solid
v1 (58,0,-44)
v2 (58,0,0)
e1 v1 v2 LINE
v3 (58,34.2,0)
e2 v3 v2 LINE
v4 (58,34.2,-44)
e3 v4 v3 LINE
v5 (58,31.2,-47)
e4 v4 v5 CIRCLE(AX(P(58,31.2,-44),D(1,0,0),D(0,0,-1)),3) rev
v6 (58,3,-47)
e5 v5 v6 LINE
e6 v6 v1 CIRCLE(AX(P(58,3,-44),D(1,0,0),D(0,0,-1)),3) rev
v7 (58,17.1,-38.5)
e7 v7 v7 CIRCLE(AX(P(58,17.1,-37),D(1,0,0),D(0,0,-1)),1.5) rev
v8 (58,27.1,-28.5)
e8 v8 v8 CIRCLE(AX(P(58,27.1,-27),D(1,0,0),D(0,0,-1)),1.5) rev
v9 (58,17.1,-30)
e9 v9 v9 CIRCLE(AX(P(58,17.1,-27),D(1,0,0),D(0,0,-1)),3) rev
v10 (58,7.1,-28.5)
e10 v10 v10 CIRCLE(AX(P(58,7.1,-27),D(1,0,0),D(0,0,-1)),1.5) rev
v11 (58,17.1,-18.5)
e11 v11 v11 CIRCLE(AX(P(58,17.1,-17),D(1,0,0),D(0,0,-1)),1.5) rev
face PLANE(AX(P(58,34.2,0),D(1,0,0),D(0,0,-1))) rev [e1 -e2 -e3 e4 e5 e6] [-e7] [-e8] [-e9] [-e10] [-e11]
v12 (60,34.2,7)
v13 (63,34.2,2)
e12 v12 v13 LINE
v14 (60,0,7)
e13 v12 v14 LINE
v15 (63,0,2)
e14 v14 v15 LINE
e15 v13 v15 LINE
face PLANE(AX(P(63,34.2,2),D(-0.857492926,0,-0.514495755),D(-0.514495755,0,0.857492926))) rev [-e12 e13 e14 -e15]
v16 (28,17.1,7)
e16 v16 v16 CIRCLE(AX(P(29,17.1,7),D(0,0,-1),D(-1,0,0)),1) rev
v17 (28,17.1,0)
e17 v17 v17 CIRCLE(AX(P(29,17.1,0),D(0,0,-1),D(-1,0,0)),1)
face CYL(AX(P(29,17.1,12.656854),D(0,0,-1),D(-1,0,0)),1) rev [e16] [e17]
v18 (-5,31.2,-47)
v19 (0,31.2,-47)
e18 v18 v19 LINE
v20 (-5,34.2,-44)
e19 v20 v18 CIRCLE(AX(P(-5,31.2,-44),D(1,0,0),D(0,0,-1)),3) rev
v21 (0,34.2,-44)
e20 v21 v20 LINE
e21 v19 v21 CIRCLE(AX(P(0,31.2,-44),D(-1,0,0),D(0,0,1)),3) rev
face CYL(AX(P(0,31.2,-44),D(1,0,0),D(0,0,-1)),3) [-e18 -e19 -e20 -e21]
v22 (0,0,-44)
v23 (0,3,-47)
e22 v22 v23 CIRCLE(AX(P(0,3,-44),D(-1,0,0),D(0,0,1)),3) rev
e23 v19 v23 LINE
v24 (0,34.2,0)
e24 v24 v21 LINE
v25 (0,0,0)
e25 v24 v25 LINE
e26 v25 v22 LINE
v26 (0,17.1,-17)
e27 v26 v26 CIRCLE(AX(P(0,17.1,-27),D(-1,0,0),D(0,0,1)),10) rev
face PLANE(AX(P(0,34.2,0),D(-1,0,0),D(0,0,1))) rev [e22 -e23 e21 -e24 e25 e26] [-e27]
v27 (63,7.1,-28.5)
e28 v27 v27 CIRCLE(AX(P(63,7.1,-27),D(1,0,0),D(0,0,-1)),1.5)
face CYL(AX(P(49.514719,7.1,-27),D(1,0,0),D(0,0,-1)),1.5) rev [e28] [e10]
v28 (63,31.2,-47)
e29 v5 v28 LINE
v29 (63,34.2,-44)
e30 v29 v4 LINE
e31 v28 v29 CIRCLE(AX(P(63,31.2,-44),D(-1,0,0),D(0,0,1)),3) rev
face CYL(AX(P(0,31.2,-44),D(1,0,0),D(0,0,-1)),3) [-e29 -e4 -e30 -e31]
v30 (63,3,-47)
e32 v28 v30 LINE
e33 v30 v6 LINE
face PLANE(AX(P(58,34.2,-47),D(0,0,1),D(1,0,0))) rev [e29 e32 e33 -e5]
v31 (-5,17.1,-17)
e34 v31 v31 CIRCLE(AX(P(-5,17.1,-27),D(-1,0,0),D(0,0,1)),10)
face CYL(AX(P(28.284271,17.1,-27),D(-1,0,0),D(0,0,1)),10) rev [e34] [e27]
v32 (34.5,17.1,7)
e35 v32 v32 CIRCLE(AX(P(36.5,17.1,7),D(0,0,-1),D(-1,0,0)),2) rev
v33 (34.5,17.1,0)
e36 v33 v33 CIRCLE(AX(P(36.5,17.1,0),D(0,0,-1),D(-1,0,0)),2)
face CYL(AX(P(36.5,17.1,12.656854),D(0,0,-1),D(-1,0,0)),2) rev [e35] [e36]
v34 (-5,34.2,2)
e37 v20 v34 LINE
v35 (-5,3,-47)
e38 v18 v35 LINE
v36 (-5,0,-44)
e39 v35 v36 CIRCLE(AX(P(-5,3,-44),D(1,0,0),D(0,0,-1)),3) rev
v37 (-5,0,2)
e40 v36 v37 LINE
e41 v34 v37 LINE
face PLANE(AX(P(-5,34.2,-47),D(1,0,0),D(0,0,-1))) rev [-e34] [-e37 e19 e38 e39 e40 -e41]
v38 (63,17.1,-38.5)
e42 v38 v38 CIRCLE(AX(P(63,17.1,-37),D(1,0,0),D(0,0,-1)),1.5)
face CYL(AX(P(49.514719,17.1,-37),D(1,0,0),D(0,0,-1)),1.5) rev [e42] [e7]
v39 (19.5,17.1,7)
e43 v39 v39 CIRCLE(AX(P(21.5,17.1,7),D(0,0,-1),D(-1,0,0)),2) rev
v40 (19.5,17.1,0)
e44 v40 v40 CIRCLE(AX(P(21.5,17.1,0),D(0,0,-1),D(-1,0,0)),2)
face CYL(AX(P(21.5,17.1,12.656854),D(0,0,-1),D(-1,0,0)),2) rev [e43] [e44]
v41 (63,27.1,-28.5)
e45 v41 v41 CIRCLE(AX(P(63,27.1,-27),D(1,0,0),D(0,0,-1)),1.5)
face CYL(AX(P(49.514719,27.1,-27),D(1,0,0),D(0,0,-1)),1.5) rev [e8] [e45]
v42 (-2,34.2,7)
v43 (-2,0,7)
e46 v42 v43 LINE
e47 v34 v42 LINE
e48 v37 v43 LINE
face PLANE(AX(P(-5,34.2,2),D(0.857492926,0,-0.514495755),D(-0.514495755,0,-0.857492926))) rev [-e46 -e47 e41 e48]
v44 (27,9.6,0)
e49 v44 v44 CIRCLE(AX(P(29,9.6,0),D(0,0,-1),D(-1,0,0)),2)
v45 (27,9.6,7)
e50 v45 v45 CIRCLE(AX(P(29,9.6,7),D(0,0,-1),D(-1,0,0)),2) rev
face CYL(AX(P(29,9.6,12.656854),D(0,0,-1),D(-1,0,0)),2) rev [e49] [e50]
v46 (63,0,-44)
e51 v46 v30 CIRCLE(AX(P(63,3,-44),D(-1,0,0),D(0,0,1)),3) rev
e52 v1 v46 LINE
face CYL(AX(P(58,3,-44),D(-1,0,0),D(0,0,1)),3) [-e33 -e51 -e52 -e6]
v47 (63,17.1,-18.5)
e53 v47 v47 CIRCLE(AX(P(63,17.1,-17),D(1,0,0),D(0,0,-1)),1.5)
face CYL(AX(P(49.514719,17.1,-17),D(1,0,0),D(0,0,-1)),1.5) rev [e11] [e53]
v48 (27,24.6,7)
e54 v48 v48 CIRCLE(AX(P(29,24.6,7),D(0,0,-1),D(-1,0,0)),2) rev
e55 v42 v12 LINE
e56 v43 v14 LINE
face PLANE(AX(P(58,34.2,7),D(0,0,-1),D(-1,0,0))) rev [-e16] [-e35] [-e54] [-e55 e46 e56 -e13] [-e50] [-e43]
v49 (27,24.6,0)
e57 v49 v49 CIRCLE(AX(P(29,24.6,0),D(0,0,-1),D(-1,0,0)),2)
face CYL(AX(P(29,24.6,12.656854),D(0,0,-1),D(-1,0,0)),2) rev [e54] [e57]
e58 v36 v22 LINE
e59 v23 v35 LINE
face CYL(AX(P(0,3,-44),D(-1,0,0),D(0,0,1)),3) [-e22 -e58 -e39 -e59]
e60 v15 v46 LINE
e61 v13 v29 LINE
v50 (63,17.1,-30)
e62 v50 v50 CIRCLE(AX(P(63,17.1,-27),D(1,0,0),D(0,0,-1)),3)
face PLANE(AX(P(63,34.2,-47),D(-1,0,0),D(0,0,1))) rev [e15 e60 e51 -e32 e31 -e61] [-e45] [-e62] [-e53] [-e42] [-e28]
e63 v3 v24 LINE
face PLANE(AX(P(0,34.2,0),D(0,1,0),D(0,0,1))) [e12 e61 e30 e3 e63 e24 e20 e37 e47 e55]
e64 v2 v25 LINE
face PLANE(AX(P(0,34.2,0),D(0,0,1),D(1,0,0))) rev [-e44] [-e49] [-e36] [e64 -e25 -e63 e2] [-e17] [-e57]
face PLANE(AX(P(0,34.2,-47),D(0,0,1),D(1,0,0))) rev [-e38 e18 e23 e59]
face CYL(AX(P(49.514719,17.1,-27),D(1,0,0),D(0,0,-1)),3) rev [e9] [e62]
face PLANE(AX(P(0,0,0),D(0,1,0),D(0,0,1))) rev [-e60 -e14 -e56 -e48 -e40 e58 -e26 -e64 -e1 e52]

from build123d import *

# Parameters (mm, degrees)
BOSS_EXTRUDE1_DEPTH = 34.2
SKETCH4_R           = 2
SKETCH4_R_2         = 1
CUT_EXTRUDE3_DEPTH  = 7
FILLET1_R           = 3
SKETCH5_R           = 10
CUT_EXTRUDE4_DEPTH  = 5
SKETCH6_R           = 3
SKETCH6_R_2         = 1.5
CUT_EXTRUDE5_DEPTH  = 5


with BuildPart() as part:
    # Sketch1 → Boss-Extrude1 (new body)
    with BuildSketch(Plane(origin=(0, 0, 0), x_dir=(1, 0, 0), z_dir=(0, 1, 0))):
        Polygon((0, 0), (58, 0), (58, 47), (63, 47), (63, -2), (60, -7), (58, -7), (0, -7), (-2, -7), (-5, -2), (-5, 47), (0, 47), align=None)
    extrude(amount=BOSS_EXTRUDE1_DEPTH)

    # Sketch4 → Cut-Extrude3 (cut)
    with BuildSketch(Plane(origin=(0, 0, 0), x_dir=(-1, 0, 0), z_dir=(0, 0, -1))):
        with Locations((-29, 24.6)):
            Circle(SKETCH4_R)
        with Locations((-36.5, 17.1)):
            Circle(SKETCH4_R)
        with Locations((-21.5, 17.1)):
            Circle(SKETCH4_R)
        with Locations((-29, 9.6)):
            Circle(SKETCH4_R)
        with Locations((-29, 17.1)):
            Circle(SKETCH4_R_2)
    extrude(amount=-CUT_EXTRUDE3_DEPTH, mode=Mode.SUBTRACT)

    # Fillet1
    fillet1_edges = [part.edges().sort_by_distance(p)[0] for p in [
        (60.5, 0, -47),
        (-2.5, 0, -47),
        (60.5, 34.2, -47),
        (-2.5, 34.2, -47),
    ]]
    fillet(fillet1_edges, radius=FILLET1_R)

    # Sketch5 → Cut-Extrude4 (cut)
    with BuildSketch(Plane.ZY.offset(5)):
        with Locations((-27, 17.1)):
            Circle(SKETCH5_R)
    extrude(amount=-CUT_EXTRUDE4_DEPTH, mode=Mode.SUBTRACT)

    # Sketch6 → Cut-Extrude5 (cut)
    with BuildSketch(Plane(origin=(63, 0, 0), x_dir=(0, 0, -1), z_dir=(1, 0, 0))):
        with Locations((27, 17.1)):
            Circle(SKETCH6_R)
        with Locations((27, 27.1)):
            Circle(SKETCH6_R_2)
        with Locations((37, 17.1)):
            Circle(SKETCH6_R_2)
        with Locations((27, 7.1)):
            Circle(SKETCH6_R_2)
        with Locations((17, 17.1)):
            Circle(SKETCH6_R_2)
    extrude(amount=-CUT_EXTRUDE5_DEPTH, mode=Mode.SUBTRACT)


solid = part.part
